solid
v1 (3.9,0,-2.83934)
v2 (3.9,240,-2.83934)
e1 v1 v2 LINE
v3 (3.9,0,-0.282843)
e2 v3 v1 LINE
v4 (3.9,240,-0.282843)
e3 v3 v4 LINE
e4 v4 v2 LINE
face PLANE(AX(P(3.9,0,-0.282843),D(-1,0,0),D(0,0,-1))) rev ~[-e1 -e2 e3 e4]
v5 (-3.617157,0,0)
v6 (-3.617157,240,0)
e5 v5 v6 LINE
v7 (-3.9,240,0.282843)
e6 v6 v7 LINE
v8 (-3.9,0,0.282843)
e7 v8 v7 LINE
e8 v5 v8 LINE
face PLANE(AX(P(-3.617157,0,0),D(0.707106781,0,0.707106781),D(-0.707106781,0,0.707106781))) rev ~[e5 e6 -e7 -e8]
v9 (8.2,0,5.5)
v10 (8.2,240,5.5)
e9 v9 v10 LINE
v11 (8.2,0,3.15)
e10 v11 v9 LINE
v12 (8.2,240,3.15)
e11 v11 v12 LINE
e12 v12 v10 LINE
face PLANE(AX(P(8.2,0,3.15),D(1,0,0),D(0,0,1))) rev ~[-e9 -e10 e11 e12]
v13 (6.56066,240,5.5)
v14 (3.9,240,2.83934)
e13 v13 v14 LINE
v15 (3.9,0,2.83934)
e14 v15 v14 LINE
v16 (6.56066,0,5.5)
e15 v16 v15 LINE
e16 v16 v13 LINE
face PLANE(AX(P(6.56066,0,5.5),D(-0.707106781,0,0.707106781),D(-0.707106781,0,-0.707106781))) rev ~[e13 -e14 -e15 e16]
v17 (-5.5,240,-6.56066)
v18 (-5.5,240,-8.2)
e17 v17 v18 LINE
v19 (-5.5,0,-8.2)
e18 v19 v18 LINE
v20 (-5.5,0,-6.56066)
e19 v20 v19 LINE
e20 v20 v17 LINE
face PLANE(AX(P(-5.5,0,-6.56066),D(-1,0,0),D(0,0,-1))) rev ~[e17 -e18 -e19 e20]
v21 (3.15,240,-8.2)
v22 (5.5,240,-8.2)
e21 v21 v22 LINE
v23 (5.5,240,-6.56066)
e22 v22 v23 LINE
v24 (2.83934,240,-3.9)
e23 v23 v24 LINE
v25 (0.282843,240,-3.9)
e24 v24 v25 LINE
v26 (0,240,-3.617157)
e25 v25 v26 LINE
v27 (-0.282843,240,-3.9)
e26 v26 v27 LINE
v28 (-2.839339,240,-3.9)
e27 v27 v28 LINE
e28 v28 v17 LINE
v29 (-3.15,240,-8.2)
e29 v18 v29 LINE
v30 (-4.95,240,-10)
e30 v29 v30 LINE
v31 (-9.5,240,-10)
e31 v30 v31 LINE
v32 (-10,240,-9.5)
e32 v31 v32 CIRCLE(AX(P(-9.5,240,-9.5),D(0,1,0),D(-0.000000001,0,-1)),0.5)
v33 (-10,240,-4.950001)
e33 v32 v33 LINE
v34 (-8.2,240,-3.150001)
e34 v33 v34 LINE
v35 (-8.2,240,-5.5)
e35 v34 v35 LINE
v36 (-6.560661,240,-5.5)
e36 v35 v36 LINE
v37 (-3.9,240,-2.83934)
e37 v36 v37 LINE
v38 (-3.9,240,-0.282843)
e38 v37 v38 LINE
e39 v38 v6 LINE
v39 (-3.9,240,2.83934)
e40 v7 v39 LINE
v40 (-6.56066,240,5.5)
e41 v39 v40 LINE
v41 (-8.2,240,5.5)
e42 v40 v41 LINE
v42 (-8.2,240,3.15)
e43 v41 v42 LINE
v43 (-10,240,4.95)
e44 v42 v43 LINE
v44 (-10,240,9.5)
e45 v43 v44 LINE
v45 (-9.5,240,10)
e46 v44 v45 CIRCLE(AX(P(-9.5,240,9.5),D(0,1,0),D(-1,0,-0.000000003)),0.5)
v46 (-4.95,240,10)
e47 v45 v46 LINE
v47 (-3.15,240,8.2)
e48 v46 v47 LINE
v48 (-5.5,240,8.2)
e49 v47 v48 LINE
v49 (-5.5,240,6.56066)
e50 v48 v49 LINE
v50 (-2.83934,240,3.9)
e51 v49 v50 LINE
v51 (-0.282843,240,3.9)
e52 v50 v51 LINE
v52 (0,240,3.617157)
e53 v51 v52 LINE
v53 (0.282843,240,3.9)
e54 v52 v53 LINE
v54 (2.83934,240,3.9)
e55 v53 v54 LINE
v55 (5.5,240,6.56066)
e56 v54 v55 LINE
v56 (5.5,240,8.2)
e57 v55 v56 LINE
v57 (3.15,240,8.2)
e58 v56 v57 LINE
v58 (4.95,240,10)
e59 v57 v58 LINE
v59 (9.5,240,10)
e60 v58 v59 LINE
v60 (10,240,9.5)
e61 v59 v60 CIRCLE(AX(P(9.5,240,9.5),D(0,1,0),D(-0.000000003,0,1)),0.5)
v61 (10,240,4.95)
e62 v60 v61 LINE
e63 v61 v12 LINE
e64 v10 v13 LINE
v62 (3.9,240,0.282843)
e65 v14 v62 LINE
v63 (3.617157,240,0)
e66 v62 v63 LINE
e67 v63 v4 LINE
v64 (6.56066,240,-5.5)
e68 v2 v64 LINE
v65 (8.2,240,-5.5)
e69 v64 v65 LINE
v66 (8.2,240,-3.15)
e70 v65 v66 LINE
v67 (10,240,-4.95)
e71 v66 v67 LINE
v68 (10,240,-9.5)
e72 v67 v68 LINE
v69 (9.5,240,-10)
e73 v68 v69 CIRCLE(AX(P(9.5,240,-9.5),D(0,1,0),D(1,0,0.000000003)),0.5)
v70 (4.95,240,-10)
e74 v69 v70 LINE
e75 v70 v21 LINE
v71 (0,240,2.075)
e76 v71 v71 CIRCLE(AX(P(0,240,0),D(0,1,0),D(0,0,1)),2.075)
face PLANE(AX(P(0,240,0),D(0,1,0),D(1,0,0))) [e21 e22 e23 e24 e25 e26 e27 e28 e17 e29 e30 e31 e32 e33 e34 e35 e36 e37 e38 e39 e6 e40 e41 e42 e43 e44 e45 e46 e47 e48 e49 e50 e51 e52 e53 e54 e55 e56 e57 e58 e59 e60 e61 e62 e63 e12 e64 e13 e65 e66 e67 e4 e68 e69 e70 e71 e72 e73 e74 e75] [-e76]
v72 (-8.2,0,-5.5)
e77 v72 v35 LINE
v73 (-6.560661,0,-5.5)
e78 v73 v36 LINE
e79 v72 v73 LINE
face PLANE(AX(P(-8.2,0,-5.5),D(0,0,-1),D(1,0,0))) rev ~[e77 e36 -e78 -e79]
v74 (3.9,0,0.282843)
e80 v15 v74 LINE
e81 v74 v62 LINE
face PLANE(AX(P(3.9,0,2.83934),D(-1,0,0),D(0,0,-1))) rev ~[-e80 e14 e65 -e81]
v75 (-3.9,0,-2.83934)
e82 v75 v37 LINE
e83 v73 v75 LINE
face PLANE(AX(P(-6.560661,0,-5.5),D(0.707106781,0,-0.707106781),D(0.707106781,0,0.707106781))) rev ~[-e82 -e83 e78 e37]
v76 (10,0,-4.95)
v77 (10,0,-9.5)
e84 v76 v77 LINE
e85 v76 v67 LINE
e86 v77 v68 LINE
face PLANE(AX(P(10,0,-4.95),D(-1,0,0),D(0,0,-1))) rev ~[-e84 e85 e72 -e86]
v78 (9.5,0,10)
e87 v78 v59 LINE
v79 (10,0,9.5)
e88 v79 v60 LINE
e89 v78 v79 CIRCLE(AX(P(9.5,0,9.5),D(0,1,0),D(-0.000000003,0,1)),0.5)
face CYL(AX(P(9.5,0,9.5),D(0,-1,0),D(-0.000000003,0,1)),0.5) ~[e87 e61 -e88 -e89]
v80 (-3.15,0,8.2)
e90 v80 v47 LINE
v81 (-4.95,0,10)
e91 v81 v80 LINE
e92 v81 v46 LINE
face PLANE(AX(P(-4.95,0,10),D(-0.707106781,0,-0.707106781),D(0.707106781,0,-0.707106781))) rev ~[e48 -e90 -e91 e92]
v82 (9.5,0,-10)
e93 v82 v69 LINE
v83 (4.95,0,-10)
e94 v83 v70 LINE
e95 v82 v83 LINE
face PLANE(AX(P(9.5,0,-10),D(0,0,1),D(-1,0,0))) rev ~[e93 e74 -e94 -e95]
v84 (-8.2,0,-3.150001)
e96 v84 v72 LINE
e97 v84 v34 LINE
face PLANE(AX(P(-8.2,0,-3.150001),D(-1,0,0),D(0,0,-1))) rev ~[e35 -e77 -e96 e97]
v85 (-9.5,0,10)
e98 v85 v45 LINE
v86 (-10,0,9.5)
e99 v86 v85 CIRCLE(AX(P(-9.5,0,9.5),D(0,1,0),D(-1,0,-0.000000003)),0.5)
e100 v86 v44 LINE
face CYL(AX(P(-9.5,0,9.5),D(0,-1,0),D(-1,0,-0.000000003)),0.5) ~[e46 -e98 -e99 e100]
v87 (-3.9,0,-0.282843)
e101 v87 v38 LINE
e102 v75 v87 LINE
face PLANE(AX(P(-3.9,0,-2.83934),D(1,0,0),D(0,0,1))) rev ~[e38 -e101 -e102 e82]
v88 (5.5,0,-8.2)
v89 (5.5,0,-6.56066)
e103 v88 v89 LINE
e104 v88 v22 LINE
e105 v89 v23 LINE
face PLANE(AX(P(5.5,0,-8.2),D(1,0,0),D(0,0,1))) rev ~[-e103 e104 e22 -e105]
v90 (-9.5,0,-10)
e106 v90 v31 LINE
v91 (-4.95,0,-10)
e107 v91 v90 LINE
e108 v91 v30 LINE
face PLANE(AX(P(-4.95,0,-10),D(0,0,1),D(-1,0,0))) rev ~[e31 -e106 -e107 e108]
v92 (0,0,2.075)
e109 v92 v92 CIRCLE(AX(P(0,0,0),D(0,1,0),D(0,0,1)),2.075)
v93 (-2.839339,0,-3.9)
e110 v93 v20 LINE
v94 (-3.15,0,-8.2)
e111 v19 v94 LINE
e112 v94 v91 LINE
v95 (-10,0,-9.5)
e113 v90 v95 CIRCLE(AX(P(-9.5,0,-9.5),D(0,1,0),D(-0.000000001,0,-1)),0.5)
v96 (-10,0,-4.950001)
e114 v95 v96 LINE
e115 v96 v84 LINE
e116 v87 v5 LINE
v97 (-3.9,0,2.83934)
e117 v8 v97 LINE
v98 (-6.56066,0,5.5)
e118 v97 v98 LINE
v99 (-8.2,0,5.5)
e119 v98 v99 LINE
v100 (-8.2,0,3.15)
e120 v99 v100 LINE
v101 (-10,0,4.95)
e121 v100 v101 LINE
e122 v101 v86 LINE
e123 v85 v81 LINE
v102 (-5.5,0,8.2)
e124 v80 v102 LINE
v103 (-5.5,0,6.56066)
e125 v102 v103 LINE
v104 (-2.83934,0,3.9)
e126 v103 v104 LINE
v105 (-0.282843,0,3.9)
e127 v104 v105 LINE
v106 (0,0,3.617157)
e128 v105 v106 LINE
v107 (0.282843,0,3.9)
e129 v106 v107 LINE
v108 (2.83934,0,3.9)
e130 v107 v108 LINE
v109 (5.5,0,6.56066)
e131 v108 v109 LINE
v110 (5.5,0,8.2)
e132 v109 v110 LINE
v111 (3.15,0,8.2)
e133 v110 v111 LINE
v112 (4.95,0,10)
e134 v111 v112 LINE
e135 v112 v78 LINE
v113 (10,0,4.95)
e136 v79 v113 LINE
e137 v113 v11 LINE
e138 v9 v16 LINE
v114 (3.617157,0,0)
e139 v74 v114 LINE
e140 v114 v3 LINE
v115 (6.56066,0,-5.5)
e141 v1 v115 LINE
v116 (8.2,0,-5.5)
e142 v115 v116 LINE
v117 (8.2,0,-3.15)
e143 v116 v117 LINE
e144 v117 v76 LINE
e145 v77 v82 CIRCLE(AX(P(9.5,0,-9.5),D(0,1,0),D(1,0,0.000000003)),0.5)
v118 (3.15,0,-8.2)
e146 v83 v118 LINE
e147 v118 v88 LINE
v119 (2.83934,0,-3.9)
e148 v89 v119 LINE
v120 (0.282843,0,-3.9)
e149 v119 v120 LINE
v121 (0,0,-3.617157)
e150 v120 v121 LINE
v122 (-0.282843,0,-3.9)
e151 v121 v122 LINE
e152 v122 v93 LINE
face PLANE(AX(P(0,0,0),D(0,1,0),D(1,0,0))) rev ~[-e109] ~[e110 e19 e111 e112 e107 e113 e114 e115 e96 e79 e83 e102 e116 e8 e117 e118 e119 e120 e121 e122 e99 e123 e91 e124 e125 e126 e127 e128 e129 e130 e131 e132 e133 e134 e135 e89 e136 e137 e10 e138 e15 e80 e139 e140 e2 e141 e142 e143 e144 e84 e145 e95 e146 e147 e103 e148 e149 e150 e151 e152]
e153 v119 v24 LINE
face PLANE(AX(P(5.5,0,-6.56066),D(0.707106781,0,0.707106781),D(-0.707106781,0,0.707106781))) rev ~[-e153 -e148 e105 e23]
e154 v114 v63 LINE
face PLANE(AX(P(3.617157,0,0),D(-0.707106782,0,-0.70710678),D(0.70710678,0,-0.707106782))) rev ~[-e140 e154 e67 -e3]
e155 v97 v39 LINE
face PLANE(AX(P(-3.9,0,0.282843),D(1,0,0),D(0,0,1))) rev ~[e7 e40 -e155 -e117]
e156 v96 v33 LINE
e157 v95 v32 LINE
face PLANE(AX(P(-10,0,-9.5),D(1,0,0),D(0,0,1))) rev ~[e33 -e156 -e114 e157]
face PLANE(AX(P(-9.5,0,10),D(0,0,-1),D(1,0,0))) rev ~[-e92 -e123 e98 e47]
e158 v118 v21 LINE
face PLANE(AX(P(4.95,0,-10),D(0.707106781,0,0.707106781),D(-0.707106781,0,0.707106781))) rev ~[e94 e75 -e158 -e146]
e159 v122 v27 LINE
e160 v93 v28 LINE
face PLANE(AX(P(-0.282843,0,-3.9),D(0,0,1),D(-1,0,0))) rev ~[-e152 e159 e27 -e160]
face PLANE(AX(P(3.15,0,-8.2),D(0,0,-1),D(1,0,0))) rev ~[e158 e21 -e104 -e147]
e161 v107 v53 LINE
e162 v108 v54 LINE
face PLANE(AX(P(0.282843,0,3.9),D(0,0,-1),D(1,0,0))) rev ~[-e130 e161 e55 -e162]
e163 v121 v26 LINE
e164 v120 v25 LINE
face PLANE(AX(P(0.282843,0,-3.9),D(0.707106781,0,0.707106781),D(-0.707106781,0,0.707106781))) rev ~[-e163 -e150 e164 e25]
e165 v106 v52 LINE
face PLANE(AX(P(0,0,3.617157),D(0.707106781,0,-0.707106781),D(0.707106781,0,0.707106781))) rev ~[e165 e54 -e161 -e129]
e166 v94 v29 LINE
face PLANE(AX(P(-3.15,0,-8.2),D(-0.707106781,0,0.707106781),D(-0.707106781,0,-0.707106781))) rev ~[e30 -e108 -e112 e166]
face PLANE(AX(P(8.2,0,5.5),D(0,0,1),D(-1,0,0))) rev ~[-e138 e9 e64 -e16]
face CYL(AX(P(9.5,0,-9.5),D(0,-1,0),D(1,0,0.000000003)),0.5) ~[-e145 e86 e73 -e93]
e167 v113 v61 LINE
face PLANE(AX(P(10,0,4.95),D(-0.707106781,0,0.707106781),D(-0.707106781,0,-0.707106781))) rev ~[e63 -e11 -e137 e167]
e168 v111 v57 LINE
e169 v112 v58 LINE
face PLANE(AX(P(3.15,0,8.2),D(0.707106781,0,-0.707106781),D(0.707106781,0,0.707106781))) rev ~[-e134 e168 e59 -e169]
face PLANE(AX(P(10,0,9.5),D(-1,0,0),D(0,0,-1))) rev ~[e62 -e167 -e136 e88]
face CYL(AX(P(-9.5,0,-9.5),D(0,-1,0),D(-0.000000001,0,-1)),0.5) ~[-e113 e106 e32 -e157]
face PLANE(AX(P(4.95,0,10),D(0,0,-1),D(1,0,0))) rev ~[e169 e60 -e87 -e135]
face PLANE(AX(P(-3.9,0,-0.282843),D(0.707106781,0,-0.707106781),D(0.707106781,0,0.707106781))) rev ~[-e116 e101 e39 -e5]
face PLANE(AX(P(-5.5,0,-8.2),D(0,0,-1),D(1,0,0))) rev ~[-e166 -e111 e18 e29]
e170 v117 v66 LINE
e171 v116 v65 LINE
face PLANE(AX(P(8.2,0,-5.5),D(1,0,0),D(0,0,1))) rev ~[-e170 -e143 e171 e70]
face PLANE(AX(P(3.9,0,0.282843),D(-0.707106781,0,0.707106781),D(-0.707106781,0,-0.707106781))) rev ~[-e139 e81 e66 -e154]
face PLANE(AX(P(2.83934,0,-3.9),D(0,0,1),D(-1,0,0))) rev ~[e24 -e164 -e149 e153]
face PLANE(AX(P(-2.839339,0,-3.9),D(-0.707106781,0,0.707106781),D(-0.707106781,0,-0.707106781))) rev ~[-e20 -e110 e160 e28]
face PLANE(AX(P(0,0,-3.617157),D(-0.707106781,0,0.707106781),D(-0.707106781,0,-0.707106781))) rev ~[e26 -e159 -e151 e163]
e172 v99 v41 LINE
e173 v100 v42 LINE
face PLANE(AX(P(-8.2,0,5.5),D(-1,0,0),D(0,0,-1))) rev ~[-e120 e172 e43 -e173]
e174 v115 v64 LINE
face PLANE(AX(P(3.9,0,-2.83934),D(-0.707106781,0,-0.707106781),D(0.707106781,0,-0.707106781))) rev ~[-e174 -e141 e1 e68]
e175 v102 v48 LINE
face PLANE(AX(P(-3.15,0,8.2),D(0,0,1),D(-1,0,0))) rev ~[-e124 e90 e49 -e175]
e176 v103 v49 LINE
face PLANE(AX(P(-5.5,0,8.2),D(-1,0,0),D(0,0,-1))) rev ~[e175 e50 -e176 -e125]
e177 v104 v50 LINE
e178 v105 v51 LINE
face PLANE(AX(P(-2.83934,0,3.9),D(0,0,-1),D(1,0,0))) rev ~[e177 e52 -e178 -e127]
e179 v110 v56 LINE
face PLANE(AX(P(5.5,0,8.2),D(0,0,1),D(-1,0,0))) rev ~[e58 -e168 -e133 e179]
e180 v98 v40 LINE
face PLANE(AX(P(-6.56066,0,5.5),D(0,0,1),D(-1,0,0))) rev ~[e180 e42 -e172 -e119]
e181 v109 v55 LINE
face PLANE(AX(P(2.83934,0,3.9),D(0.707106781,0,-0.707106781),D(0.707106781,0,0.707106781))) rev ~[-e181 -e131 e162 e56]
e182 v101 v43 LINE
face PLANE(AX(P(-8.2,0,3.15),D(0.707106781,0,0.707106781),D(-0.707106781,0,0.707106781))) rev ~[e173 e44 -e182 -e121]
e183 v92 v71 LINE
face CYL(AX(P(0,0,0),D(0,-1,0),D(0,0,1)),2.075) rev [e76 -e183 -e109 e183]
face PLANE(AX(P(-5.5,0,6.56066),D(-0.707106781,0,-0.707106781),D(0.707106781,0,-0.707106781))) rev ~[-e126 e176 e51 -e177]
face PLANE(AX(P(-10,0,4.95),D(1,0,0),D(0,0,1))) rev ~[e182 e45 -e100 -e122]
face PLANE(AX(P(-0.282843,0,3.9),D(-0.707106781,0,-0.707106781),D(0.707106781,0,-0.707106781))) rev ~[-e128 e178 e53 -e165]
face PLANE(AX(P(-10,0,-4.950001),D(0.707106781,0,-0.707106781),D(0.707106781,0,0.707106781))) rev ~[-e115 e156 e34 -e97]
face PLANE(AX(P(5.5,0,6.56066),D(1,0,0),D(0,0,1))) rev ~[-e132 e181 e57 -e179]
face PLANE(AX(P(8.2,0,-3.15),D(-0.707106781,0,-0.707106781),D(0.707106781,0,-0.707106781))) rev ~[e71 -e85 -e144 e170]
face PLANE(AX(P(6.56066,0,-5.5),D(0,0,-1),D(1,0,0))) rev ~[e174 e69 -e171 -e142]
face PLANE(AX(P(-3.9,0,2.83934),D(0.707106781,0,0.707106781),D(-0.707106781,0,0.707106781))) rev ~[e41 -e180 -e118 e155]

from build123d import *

# Parameters (mm, degrees)
SKETCH_28_R         = 2.075
EXTRUDE_2020V_DEPTH = 240


with BuildPart() as part:
    # 草图28 → 2020V (new body)
    with BuildSketch(Plane(origin=(0, 0, 0), x_dir=(1, 0, 0), z_dir=(0, 1, 0))):
        with BuildLine():
            Line((-3.900000395, 2.839340223), (-3.900000395, 0.282843107))
            Line((-3.900000395, 0.282843107), (-3.617157288, 0))
            Line((-3.617157288, 0), (-3.9, -0.282842712))
            Line((-3.9, -0.282842712), (-3.9, -2.839339828))
            Line((-3.9, -2.839339828), (-6.560660172, -5.5))
            Line((-6.560660172, -5.5), (-8.2, -5.5))
            Line((-8.2, -5.5), (-8.2, -3.150000255))
            Line((-8.2, -3.150000255), (-10, -4.950000255))
            Line((-10, -4.950000255), (-10, -9.5))
            ThreePointArc((-10, -9.5), (-9.853553391, -9.853553391), (-9.5, -10))
            Line((-9.5, -10), (-4.950000255, -10))
            Line((-4.950000255, -10), (-3.150000255, -8.2))
            Line((-3.150000255, -8.2), (-5.5, -8.2))
            Line((-5.5, -8.2), (-5.5, -6.560660172))
            Line((-5.5, -6.560660172), (-2.839339828, -3.9))
            Line((-2.839339828, -3.9), (-0.282842712, -3.9))
            Line((-0.282842712, -3.9), (0, -3.617157288))
            Line((0, -3.617157288), (0.282842712, -3.9))
            Line((0.282842712, -3.9), (2.839339828, -3.9))
            Line((2.839339828, -3.9), (5.5, -6.560660172))
            Line((5.5, -6.560660172), (5.5, -8.2))
            Line((5.5, -8.2), (3.150000255, -8.2))
            Line((3.150000255, -8.2), (4.950000255, -10))
            Line((4.950000255, -10), (9.5, -10))
            ThreePointArc((9.5, -10), (9.853553391, -9.853553391), (10, -9.5))
            Line((10, -9.5), (10, -4.950000255))
            Line((10, -4.950000255), (8.2, -3.150000255))
            Line((8.2, -3.150000255), (8.2, -5.5))
            Line((8.2, -5.5), (6.560660172, -5.5))
            Line((6.560660172, -5.5), (3.9, -2.839339828))
            Line((3.9, -2.839339828), (3.9, -0.282842712))
            Line((3.9, -0.282842712), (3.617157288, 0))
            Line((3.617157288, 0), (3.900000116, 0.282842829))
            Line((3.900000116, 0.282842829), (3.900000116, 2.839339944))
            Line((3.900000116, 2.839339944), (6.560660288, 5.500000116))
            Line((6.560660288, 5.500000116), (8.200000116, 5.500000116))
            Line((8.200000116, 5.500000116), (8.200000116, 3.150000371))
            Line((8.200000116, 3.150000371), (10.000000116, 4.950000371))
            Line((10.000000116, 4.950000371), (10.000000116, 9.499999884))
            ThreePointArc((10.000000116, 9.499999884), (9.853553507, 9.853553275), (9.500000116, 9.999999884))
            Line((9.500000116, 9.999999884), (4.950000139, 9.999999884))
            Line((4.950000139, 9.999999884), (3.150000139, 8.199999884))
            Line((3.150000139, 8.199999884), (5.499999884, 8.199999884))
            Line((5.499999884, 8.199999884), (5.499999884, 6.560660056))
            Line((5.499999884, 6.560660056), (2.839339712, 3.899999884))
            Line((2.839339712, 3.899999884), (0.282842991, 3.899999884))
            Line((0.282842991, 3.899999884), (0, 3.617156893))
            Line((0, 3.617156893), (-0.282842712, 3.899999605))
            Line((-0.282842712, 3.899999605), (-2.839339434, 3.899999605))
            Line((-2.839339434, 3.899999605), (-5.499999605, 6.560659777))
            Line((-5.499999605, 6.560659777), (-5.499999605, 8.199999605))
            Line((-5.499999605, 8.199999605), (-3.149999861, 8.199999605))
            Line((-3.149999861, 8.199999605), (-4.949999861, 9.999999605))
            Line((-4.949999861, 9.999999605), (-9.500000395, 9.999999605))
            ThreePointArc((-9.500000395, 9.999999605), (-9.853553785, 9.853552996), (-10.000000395, 9.499999605))
            Line((-10.000000395, 9.499999605), (-10.000000395, 4.95000065))
            Line((-10.000000395, 4.95000065), (-8.200000395, 3.15000065))
            Line((-8.200000395, 3.15000065), (-8.200000395, 5.500000395))
            Line((-8.200000395, 5.500000395), (-6.560660566, 5.500000395))
            Line((-6.560660566, 5.500000395), (-3.900000395, 2.839340223))
        make_face()
        with Locations(Location((0, 0, 0), (0, 0, 270))):
            Circle(SKETCH_28_R, mode=Mode.SUBTRACT)
    extrude(amount=EXTRUDE_2020V_DEPTH)


solid = part.part
